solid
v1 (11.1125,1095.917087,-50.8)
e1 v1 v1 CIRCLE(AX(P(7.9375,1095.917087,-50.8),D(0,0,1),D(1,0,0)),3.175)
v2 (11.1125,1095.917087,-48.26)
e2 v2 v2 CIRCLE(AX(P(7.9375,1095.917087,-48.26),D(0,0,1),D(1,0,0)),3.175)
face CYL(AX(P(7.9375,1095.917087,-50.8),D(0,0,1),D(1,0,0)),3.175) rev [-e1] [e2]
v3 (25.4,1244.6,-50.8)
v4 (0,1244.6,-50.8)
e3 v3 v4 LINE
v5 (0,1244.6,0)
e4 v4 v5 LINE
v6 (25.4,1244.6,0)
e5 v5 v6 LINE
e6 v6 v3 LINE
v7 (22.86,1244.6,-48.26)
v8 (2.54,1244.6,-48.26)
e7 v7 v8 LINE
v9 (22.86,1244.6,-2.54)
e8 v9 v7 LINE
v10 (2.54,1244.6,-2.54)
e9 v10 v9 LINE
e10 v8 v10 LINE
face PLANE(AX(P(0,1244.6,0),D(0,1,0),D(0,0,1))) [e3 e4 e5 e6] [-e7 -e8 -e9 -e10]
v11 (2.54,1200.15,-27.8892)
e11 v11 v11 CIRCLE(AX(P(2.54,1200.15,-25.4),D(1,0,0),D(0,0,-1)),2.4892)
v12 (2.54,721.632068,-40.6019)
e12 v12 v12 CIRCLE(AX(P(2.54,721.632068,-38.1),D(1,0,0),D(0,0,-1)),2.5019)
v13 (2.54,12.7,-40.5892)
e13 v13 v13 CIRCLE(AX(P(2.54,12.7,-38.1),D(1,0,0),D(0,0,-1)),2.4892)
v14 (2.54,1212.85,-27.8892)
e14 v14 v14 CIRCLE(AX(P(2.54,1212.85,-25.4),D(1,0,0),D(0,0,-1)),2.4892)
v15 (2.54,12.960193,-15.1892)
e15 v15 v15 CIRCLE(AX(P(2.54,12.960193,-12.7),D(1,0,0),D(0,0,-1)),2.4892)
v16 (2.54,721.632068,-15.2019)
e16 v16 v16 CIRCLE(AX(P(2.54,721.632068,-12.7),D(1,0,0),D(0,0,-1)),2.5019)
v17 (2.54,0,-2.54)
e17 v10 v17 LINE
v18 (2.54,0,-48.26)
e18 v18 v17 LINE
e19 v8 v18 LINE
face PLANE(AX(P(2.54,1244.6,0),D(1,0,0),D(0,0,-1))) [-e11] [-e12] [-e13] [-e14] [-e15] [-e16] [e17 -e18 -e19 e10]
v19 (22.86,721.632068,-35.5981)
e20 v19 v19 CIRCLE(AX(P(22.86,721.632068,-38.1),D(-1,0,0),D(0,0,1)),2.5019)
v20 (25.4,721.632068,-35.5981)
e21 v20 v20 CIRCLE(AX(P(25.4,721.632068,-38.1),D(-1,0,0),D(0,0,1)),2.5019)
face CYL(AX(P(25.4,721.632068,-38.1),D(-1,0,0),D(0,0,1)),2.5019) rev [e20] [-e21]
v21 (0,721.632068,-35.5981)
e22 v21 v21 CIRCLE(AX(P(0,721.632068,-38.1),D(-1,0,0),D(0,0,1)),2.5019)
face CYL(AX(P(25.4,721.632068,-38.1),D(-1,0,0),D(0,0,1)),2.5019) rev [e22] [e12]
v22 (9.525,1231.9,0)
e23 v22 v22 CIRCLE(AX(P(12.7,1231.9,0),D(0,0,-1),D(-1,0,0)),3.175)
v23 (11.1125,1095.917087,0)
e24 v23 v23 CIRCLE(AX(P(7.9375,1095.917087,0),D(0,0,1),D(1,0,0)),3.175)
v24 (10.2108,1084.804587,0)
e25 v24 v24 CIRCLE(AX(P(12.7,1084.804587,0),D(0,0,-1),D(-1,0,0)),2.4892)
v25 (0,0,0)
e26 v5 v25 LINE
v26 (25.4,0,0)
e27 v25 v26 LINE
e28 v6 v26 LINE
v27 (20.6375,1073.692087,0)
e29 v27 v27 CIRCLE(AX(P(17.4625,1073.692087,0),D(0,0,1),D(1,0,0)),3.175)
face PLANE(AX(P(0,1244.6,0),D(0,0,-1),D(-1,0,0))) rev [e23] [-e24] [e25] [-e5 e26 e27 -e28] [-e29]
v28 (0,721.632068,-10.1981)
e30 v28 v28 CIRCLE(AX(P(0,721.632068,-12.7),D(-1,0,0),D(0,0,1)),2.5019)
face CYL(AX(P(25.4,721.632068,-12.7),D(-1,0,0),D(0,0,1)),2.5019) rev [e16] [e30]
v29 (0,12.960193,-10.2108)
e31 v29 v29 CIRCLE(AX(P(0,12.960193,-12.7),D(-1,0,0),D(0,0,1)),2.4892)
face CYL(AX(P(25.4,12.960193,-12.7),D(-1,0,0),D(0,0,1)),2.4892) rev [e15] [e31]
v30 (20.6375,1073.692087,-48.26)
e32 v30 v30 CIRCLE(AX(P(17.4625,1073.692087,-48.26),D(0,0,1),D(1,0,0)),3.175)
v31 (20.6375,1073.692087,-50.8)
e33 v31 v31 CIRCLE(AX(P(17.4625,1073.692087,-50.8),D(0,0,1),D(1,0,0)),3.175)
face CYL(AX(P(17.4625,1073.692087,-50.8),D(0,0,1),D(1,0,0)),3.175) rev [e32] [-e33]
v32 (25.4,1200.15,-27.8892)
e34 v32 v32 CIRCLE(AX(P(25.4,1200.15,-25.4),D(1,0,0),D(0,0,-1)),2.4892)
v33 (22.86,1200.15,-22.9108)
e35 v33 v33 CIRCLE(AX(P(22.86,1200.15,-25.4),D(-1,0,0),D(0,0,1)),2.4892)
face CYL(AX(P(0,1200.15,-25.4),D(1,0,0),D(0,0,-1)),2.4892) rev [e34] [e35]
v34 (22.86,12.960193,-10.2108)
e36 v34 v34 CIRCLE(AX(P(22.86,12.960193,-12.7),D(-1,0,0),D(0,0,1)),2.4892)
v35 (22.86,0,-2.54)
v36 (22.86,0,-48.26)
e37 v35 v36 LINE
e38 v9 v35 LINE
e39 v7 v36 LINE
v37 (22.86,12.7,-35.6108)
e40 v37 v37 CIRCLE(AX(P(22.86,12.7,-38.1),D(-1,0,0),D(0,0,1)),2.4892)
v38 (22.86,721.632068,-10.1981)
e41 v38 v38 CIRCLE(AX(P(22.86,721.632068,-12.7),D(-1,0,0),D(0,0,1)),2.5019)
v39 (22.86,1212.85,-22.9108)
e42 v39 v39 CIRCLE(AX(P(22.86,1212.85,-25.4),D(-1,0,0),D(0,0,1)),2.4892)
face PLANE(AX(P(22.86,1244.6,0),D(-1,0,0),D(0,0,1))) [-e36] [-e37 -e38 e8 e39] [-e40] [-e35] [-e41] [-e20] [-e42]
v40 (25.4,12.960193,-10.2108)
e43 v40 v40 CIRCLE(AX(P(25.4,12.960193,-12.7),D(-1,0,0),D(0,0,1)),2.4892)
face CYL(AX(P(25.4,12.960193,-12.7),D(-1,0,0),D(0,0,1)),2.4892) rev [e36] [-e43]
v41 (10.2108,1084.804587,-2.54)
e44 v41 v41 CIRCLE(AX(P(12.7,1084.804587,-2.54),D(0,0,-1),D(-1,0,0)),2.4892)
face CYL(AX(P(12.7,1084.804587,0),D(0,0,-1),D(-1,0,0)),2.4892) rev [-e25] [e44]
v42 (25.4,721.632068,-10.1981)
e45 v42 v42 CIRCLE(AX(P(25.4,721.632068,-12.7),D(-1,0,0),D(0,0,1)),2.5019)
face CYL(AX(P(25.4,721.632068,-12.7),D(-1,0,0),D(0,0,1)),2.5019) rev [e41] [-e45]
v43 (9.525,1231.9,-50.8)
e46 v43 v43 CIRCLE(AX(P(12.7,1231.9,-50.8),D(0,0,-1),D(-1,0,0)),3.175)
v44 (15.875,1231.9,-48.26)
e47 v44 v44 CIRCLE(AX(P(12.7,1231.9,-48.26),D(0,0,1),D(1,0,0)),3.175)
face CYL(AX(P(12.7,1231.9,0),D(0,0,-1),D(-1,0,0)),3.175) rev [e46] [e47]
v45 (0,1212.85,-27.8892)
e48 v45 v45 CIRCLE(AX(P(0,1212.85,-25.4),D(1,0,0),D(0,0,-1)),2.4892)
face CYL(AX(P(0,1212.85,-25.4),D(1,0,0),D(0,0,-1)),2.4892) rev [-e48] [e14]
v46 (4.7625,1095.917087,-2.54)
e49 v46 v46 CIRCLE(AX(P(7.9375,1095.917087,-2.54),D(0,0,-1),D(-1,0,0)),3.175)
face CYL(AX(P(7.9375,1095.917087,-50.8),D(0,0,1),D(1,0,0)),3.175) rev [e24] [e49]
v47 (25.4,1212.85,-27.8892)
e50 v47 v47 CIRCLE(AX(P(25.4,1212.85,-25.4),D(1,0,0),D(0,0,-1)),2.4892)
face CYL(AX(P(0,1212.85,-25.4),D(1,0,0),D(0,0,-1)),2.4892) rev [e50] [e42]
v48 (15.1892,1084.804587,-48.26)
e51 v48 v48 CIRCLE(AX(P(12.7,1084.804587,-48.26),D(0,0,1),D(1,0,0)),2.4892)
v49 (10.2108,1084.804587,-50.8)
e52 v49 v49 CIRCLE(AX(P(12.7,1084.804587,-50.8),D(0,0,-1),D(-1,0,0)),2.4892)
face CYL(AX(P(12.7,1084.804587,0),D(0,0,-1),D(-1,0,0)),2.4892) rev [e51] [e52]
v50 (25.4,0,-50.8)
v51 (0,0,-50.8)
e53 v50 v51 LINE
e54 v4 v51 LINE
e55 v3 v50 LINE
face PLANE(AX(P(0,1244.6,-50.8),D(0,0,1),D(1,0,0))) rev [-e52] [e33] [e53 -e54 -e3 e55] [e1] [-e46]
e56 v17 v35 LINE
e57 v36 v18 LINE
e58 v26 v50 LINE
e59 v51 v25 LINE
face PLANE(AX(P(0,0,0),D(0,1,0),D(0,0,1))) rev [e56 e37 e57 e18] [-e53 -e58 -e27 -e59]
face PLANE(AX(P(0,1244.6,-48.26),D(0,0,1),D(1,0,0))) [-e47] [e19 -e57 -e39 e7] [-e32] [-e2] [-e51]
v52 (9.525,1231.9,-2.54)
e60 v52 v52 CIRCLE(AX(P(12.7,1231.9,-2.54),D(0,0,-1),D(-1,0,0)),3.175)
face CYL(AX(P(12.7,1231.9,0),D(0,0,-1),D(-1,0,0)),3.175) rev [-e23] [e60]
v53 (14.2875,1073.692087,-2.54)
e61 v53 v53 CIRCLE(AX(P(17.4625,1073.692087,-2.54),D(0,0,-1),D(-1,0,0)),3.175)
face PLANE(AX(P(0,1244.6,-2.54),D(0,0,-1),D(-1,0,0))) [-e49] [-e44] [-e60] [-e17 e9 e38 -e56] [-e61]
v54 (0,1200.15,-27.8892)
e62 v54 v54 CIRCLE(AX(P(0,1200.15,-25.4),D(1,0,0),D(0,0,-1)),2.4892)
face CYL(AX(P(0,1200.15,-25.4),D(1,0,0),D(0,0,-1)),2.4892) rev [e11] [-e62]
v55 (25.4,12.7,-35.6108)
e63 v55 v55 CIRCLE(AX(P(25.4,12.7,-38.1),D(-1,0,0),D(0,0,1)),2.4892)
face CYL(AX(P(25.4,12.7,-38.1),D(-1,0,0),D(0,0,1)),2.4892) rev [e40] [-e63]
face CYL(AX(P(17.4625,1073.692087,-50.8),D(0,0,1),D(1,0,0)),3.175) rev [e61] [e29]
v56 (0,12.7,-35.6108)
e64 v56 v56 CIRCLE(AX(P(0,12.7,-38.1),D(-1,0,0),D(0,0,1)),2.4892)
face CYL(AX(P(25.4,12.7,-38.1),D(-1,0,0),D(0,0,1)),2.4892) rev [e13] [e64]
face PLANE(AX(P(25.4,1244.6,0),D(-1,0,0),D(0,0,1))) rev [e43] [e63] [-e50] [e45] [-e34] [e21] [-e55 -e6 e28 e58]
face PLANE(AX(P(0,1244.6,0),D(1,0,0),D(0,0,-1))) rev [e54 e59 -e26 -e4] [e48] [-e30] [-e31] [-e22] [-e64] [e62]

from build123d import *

# Parameters (mm, degrees)
SKETCH1_W           = 25.4
SKETCH1_H           = 50.8
SKETCH1_W_2         = 20.32
SKETCH1_H_2         = 45.72
EXTRUDE_THIN1_DEPTH = 1244.6
SKETCH2_R           = 2.4892
CUT_EXTRUDE1_DEPTH  = 26.4
SKETCH3_R           = 2.5019
SKETCH3_R_2         = 2.4892
CUT_EXTRUDE2_DEPTH  = 26.4
SKETCH5_R           = 2.4892
CUT_EXTRUDE3_DEPTH  = 51.8
SKETCH6_R           = 3.175
CUT_EXTRUDE4_DEPTH  = 51.8
SKETCH7_R           = 3.175
CUT_EXTRUDE5_DEPTH  = 51.8


with BuildPart() as part:
    # Sketch1 → Extrude-Thin1 (new body)
    with BuildSketch(Plane(origin=(0, 0, 0), x_dir=(1, 0, 0), z_dir=(0, 1, 0))):
        with Locations((12.7, 25.4)):
            Rectangle(SKETCH1_W, SKETCH1_H)
        with Locations((12.7, 25.4)):
            Rectangle(SKETCH1_W_2, SKETCH1_H_2, mode=Mode.SUBTRACT)
    extrude(amount=EXTRUDE_THIN1_DEPTH)

    # Sketch2 → Cut-Extrude1 (cut, through all)
    with BuildSketch(Plane(origin=(25.4, 0, 0), x_dir=(0, 0, -1), z_dir=(1, 0, 0))):
        with Locations((25.4, 1200.15)):
            Circle(SKETCH2_R)
        with Locations((25.4, 1212.85)):
            Circle(SKETCH2_R)
    extrude(amount=-CUT_EXTRUDE1_DEPTH, mode=Mode.SUBTRACT)

    # Sketch3 → Cut-Extrude2 (cut, through all)
    with BuildSketch(Plane.ZY):
        with Locations((-12.7, 721.632068306)):
            Circle(SKETCH3_R)
        with Locations((-38.1, 721.632068306)):
            Circle(SKETCH3_R)
        with Locations((-12.7, 12.960193373)):
            Circle(SKETCH3_R_2)
        with Locations((-38.1, 12.7)):
            Circle(SKETCH3_R_2)
    extrude(amount=-CUT_EXTRUDE2_DEPTH, mode=Mode.SUBTRACT)

    # Sketch5 → Cut-Extrude3 (cut, through all)
    with BuildSketch(Plane(origin=(0, 0, -50.8), x_dir=(-1, 0, 0), z_dir=(0, 0, -1))):
        with Locations((-12.7, 1084.8045868)):
            Circle(SKETCH5_R)
    extrude(amount=-CUT_EXTRUDE3_DEPTH, mode=Mode.SUBTRACT)

    # Sketch6 → Cut-Extrude4 (cut, through all)
    with BuildSketch(Plane(origin=(0, 0, -50.8), x_dir=(-1, 0, 0), z_dir=(0, 0, -1))):
        with Locations((-12.7, 1231.9)):
            Circle(SKETCH6_R)
    extrude(amount=-CUT_EXTRUDE4_DEPTH, mode=Mode.SUBTRACT)

    # Sketch7 → Cut-Extrude5 (cut, through all)
    with BuildSketch(Plane.XY):
        with Locations((7.9375, 1095.9170868)):
            Circle(SKETCH7_R)
        with Locations((17.4625, 1073.6920868)):
            Circle(SKETCH7_R)
    extrude(amount=-CUT_EXTRUDE5_DEPTH, mode=Mode.SUBTRACT)


solid = part.part
